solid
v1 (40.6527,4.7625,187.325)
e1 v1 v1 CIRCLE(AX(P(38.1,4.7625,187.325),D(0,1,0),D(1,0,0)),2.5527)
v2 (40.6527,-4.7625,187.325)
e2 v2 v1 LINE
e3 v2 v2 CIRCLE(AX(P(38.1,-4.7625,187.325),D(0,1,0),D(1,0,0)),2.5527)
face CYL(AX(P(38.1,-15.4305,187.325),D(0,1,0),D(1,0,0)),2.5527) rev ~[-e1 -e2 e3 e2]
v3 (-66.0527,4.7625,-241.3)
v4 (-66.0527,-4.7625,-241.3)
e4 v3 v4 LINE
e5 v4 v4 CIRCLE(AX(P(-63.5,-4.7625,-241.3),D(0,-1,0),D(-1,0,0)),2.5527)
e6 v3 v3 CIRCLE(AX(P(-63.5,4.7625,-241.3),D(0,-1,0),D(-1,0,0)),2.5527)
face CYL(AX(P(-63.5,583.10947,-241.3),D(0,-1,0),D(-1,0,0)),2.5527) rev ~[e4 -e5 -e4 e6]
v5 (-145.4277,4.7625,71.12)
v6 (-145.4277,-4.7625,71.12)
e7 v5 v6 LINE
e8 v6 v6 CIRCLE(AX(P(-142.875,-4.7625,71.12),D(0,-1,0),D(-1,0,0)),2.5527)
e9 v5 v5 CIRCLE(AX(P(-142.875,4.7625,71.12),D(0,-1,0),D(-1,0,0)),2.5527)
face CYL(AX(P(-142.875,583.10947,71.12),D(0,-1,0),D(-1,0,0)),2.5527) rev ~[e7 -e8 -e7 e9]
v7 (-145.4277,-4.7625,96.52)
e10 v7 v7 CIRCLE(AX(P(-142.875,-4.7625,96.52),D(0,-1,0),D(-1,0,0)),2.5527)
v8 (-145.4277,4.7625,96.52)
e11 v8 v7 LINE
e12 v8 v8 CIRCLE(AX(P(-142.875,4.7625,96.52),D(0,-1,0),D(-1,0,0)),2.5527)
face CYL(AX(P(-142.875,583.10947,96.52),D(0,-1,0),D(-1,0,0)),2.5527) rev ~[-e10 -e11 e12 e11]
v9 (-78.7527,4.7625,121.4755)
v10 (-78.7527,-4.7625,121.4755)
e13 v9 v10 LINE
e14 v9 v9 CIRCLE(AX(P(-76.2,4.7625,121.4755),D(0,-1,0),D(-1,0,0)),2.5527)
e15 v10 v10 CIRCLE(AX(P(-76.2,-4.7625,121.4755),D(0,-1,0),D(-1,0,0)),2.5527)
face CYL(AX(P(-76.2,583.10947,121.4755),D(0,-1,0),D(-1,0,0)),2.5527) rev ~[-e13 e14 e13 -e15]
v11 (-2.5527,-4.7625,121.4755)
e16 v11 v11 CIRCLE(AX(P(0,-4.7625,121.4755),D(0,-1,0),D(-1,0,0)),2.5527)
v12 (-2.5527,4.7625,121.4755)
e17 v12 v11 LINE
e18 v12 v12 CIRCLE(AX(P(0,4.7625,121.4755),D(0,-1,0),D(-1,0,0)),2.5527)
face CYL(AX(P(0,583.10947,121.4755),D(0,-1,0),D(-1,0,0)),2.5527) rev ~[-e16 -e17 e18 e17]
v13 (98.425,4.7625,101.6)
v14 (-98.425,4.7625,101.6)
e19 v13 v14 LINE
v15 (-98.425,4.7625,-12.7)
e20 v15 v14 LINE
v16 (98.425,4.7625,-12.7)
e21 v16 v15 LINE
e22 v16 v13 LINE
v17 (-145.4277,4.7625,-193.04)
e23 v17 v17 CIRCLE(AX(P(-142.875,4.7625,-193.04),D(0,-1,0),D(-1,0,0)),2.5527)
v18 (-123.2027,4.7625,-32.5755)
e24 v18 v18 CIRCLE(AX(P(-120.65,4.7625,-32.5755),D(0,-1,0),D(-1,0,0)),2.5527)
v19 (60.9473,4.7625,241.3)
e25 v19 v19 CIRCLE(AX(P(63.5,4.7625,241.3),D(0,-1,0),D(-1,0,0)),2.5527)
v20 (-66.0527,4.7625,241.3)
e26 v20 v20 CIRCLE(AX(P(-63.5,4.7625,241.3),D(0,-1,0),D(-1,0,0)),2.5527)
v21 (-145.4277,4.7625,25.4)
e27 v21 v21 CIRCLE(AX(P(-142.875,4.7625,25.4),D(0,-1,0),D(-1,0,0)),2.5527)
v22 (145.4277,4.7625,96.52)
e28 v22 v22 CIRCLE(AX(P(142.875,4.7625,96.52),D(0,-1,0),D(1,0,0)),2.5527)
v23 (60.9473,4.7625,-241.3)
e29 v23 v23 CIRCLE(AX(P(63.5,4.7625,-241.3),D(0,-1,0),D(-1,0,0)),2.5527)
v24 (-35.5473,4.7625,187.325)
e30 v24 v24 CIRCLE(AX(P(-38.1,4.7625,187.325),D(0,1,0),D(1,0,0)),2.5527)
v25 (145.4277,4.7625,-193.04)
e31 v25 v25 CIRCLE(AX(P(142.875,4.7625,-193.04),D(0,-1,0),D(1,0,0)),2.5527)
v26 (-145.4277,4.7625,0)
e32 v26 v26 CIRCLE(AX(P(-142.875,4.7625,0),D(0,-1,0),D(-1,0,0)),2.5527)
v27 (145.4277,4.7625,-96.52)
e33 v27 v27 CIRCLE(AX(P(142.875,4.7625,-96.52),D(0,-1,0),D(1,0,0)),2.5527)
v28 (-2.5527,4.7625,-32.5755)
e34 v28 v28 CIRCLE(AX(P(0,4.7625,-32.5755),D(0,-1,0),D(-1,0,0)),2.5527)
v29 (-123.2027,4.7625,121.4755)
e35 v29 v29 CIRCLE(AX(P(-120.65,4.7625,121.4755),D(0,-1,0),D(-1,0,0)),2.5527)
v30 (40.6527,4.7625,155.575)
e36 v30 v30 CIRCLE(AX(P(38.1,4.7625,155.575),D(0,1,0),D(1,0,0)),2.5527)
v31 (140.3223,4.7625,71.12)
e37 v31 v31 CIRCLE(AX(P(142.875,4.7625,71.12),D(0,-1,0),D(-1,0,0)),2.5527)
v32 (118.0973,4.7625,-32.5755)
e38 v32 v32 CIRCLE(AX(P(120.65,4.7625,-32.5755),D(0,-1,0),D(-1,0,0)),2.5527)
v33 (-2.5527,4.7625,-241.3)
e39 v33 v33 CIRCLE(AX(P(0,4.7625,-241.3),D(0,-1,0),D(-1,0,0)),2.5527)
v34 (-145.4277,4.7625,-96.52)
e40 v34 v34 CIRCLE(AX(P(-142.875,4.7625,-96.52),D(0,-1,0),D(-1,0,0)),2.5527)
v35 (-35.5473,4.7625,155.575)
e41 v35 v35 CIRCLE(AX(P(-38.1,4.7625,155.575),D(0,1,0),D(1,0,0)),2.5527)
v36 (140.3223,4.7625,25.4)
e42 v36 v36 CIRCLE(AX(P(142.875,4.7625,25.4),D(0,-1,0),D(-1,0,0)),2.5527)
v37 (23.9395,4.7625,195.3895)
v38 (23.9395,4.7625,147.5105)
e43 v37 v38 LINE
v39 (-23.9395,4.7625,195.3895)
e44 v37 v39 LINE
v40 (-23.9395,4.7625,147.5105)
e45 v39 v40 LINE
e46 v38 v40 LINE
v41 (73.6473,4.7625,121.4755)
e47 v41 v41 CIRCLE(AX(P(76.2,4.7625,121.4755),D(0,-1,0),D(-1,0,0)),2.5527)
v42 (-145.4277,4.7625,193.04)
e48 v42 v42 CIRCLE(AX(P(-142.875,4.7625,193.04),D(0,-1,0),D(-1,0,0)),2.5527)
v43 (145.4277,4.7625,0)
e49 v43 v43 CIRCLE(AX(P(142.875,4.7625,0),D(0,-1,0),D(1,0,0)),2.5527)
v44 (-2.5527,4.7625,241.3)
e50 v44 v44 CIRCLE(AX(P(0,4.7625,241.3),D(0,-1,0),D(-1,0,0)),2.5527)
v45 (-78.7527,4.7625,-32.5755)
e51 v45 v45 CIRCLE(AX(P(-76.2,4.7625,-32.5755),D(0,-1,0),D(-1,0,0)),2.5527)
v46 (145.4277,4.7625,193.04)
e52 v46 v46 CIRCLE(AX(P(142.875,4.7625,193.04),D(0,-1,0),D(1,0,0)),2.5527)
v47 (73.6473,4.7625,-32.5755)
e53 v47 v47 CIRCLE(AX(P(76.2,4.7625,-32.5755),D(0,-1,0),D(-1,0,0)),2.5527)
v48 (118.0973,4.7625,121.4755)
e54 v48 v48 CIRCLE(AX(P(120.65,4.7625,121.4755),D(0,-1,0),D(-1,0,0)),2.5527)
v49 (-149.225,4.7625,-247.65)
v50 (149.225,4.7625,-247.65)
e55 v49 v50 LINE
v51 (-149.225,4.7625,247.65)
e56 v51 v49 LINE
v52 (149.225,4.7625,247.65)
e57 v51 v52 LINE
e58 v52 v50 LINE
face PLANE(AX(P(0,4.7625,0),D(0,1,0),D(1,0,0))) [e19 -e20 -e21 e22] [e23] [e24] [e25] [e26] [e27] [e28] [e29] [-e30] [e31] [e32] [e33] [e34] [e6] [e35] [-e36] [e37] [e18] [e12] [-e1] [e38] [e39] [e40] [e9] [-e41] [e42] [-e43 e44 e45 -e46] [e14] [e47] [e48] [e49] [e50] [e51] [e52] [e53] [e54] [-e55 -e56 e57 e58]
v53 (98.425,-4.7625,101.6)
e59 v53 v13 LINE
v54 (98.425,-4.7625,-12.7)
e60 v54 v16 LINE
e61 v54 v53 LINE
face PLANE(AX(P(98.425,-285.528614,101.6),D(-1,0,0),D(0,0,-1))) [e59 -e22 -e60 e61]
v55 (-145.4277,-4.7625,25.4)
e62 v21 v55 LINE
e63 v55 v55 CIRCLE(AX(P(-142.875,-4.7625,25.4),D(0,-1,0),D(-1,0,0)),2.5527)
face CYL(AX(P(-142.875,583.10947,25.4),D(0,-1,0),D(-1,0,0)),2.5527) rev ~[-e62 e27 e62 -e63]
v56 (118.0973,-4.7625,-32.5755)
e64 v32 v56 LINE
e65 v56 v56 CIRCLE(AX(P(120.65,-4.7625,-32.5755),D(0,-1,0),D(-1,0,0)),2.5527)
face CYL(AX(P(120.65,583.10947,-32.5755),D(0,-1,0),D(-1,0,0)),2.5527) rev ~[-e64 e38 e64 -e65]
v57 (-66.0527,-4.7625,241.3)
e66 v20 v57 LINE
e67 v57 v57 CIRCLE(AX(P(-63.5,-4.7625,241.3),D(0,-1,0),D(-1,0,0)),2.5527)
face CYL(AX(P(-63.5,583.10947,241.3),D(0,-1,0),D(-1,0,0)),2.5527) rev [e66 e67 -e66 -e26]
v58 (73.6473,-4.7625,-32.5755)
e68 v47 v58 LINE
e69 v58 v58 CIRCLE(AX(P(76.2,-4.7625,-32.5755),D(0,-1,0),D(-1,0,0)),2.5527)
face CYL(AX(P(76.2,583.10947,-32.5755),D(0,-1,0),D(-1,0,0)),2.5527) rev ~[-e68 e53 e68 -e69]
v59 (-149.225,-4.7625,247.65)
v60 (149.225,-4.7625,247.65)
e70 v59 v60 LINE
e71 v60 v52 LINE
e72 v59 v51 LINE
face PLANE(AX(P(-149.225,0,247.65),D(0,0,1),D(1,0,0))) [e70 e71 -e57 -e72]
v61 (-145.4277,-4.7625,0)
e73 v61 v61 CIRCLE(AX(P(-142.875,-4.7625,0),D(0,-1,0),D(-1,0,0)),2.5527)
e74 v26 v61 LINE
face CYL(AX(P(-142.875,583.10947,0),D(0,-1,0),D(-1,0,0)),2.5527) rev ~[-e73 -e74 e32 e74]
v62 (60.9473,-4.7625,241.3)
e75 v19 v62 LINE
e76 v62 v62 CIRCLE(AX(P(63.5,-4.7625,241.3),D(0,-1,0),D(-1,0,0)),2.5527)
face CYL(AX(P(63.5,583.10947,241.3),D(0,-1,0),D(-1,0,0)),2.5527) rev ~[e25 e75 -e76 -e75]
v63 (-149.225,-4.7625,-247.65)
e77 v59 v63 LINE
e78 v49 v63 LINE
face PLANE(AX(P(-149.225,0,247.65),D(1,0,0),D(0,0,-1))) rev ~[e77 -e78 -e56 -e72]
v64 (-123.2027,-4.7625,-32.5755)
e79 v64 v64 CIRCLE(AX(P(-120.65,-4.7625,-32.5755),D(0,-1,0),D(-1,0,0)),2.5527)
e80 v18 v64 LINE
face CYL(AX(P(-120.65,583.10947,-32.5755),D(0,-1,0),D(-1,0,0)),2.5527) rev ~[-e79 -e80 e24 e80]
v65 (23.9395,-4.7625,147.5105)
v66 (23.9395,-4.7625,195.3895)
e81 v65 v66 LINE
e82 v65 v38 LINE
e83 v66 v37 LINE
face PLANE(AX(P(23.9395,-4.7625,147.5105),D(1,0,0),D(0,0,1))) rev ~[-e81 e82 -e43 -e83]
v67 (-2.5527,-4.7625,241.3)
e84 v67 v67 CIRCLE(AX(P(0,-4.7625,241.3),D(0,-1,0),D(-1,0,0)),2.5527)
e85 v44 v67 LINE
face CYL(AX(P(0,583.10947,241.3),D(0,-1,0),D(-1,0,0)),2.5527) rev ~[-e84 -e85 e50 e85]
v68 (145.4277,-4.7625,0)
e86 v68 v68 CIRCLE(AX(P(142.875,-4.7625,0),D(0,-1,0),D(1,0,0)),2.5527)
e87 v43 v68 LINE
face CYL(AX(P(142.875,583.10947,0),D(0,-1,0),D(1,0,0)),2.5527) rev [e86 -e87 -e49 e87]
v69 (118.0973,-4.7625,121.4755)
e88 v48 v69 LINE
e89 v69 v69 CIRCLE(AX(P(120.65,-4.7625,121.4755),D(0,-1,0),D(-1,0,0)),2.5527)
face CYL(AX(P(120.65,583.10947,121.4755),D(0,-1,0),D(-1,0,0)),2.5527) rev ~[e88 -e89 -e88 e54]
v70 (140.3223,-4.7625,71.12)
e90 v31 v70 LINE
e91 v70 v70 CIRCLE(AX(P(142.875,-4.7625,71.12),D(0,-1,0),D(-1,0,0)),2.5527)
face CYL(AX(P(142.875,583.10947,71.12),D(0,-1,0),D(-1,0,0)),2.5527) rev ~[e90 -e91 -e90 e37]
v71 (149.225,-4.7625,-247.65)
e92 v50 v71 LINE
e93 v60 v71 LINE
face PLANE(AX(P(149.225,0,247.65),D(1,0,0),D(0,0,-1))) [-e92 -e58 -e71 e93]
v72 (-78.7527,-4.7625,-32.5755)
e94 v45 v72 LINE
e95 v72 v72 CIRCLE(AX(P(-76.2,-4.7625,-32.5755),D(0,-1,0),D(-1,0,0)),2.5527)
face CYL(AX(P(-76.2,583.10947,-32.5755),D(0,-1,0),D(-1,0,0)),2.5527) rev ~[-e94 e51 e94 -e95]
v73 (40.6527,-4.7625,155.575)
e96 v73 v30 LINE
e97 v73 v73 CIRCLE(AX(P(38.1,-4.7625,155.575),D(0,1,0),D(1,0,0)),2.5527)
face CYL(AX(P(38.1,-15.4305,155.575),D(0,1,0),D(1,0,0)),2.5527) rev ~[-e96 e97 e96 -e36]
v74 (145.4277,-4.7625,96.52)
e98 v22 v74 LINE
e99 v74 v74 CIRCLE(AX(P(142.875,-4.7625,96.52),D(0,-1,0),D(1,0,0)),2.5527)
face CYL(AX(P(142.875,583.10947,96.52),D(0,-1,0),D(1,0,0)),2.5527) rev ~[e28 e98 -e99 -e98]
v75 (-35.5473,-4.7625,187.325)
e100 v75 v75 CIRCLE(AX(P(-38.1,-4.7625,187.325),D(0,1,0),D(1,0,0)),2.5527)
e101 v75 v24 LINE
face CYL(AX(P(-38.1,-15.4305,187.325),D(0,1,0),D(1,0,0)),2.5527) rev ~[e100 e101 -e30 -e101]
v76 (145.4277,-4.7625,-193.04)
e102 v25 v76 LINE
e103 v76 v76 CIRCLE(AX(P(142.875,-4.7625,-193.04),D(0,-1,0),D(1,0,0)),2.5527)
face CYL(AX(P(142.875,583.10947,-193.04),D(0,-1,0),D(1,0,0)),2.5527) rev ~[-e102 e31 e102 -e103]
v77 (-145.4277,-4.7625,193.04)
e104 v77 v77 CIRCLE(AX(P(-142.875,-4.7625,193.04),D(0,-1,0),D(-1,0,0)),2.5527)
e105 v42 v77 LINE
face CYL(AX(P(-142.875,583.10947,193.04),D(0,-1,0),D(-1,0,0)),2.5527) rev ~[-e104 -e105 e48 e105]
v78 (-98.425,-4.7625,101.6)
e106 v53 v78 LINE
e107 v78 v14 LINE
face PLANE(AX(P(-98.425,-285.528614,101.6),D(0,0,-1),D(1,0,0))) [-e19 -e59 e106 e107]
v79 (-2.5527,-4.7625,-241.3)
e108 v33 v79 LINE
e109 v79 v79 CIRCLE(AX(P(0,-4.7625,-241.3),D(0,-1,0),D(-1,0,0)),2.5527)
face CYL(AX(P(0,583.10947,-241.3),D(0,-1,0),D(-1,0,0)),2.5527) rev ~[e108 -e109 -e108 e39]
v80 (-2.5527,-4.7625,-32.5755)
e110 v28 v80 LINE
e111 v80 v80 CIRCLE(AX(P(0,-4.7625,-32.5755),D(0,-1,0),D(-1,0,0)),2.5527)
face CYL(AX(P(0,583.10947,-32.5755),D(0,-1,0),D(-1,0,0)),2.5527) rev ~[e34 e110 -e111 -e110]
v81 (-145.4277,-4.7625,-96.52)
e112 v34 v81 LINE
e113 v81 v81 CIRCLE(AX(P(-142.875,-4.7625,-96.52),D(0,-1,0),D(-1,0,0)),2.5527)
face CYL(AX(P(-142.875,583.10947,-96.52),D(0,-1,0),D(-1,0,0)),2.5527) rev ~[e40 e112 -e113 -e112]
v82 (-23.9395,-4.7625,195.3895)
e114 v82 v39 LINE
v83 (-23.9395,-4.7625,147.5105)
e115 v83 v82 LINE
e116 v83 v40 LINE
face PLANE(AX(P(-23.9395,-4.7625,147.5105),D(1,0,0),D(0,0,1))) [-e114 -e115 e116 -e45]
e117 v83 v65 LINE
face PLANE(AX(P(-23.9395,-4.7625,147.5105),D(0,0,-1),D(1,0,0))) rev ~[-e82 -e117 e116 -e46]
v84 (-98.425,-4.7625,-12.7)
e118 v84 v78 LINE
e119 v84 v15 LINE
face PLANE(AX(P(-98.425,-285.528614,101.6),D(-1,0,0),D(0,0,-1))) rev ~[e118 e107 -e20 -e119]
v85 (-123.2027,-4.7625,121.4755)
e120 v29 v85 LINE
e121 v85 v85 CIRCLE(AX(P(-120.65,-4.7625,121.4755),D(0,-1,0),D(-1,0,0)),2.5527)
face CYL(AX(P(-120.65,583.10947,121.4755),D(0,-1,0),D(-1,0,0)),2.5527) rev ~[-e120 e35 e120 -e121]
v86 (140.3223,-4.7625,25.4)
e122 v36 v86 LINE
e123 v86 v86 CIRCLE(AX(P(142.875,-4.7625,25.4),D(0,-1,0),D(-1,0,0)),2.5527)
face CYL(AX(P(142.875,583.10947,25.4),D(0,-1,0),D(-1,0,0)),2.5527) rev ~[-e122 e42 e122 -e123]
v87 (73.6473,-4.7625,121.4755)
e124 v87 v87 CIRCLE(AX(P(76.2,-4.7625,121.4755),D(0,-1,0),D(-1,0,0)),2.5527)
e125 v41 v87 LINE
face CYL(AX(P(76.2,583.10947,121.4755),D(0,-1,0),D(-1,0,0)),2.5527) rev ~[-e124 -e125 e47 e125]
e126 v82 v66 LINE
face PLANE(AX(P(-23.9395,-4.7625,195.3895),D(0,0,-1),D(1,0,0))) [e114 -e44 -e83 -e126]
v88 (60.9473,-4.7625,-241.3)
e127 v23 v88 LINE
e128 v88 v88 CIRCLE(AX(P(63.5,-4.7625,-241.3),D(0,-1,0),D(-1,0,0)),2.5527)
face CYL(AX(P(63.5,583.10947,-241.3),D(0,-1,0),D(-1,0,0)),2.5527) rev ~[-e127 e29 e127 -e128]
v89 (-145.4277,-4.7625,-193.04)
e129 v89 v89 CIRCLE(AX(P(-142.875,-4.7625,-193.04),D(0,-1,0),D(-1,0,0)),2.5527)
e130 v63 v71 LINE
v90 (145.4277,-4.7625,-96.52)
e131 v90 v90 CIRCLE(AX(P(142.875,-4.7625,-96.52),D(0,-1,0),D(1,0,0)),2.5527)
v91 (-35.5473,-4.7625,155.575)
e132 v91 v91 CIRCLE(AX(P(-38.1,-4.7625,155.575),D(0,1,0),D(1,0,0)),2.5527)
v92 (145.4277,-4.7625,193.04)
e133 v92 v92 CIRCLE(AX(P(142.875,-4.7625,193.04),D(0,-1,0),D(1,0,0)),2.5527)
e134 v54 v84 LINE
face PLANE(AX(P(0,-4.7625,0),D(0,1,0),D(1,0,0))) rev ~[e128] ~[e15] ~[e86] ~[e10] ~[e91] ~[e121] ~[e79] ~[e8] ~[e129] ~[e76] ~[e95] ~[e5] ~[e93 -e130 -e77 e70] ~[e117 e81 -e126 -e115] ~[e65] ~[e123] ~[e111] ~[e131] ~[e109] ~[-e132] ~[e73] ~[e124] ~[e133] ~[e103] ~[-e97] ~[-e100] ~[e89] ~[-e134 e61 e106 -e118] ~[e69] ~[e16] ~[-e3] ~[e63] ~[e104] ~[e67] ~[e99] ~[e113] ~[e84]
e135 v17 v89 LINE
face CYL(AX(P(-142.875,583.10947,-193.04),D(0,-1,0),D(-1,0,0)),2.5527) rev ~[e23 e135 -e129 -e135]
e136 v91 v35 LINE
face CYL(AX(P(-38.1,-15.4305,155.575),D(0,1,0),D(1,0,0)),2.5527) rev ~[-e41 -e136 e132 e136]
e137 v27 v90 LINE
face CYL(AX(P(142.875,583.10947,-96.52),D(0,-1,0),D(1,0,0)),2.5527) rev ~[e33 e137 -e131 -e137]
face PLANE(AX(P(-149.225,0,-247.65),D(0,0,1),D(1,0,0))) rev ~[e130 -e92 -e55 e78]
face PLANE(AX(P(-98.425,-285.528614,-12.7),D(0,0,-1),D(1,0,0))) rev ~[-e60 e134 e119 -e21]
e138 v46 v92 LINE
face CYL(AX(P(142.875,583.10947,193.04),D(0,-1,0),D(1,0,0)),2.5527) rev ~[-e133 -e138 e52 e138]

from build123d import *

# Parameters (mm, degrees)
SKETCH1_W                  = 298.45
SKETCH1_H                  = 495.3
BOSS_EXTRUDE1_DEPTH        = 4.7625
CUT_EXTRUDE1_DEPTH         = 290.291114191
CUT_EXTRUDE1_DEPTH_BACK    = 290.291114191
SKETCH3_W                  = 196.85
SKETCH3_H                  = 114.3
SKETCH20_W                 = 47.879
SKETCH20_H                 = 47.879
CUT_EXTRUDE5_DEPTH         = 290.291114191
F_10_CLEARANCE_HOLE1_D     = 5.1054
F_10_CLEARANCE_HOLE1_DEPTH = 10.668
F_10_CLEARANCE_HOLE1_TIP   = 1.533816902
F_10_CLEARANCE_HOLE4_D     = 5.1054
LPATTERN3_COUNT            = 3
LPATTERN3_PITCH            = 63.5
MIRROR2_COPY_1_D           = 5.1054
MIRROR2_COPY_2_D           = 5.1054
F_10_CLEARANCE_HOLE5_D     = 5.1054
LPATTERN4_COUNT            = 3
LPATTERN4_PITCH            = 96.52
LPATTERN4_COL_COUNT        = 3
LPATTERN4_COL_PITCH        = 96.52
MIRROR3_COPY_1_D           = 5.1054
MIRROR3_COPY_2_D           = 5.1054
MIRROR3_COPY_3_D           = 5.1054
MIRROR3_COPY_4_D           = 5.1054
F_10_CLEARANCE_HOLE6_D     = 5.1054
F_10_CLEARANCE_HOLE7_D     = 5.1054
F_10_CLEARANCE_HOLE8_D     = 5.1054


with BuildPart() as part:
    # Sketch1 → Boss-Extrude1 (new, symmetric)
    with BuildSketch(Plane(origin=(0, 0, 0), x_dir=(1, 0, 0), z_dir=(0, 1, 0))):
        Rectangle(SKETCH1_W, SKETCH1_H)
    extrude(amount=BOSS_EXTRUDE1_DEPTH, both=True)

    # Sketch3 → Cut-Extrude1 (cut, two sides: drawn at the far end of the back side and taken through both)
    with BuildSketch(Plane(origin=(0, 4.7625, 0), x_dir=(1, 0, 0), z_dir=(0, 1, 0)).offset(-CUT_EXTRUDE1_DEPTH_BACK)):
        with Locations((0, -44.45)):
            Rectangle(SKETCH3_W, SKETCH3_H)
    extrude(amount=CUT_EXTRUDE1_DEPTH + CUT_EXTRUDE1_DEPTH_BACK, mode=Mode.SUBTRACT)

    # Sketch20 → Cut-Extrude5 (cut, through all)
    with BuildSketch(Plane.XZ.offset(4.7625)):
        with Locations((0, 171.45)):
            Rectangle(SKETCH20_W, SKETCH20_H)
    extrude(amount=-CUT_EXTRUDE5_DEPTH, mode=Mode.SUBTRACT)

    # #10 Clearance Hole1
    with Locations(Plane(origin=(0, -4.7625, 0), x_dir=(-1, 0, 0), z_dir=(0, -1, 0))):
        with Locations((-38.1, -155.575), (38.1, -155.575), (38.1, -187.325), (-38.1, -187.325)):
            Hole(F_10_CLEARANCE_HOLE1_D / 2, depth=F_10_CLEARANCE_HOLE1_DEPTH)
            with Locations((0, 0, -(F_10_CLEARANCE_HOLE1_DEPTH + F_10_CLEARANCE_HOLE1_TIP / 2))):  # 118° drill point
                Cone(0, F_10_CLEARANCE_HOLE1_D / 2, F_10_CLEARANCE_HOLE1_TIP, mode=Mode.SUBTRACT)

    # #10 Clearance Hole4 (through all)
    with Locations(Plane(origin=(0, 4.7625, 0), x_dir=(1, 0, 0), z_dir=(0, 1, 0))):
        with Locations((-63.5, 241.3)):
            f_10_clearance_hole4 = Hole(F_10_CLEARANCE_HOLE4_D / 2)

    # LPattern3: #10 Clearance Hole4 ×3
    with Locations(*[(i * LPATTERN3_PITCH, 0, 0) for i in range(1, LPATTERN3_COUNT)]):
        add(f_10_clearance_hole4, mode=Mode.SUBTRACT)

    # Mirror2: #10 Clearance Hole4 across plane
    add(f_10_clearance_hole4.mirror(Plane.XY), mode=Mode.SUBTRACT)

    # Mirror2 copy 1 (through all)
    with Locations(Plane(origin=(63.5, 4.7625, 0), x_dir=(1, 0, 0), z_dir=(0, 1, 0))):
        with Locations((-63.5, -241.3)):
            Hole(MIRROR2_COPY_1_D / 2)

    # Mirror2 copy 2 (through all)
    with Locations(Plane(origin=(127, 4.7625, 0), x_dir=(1, 0, 0), z_dir=(0, 1, 0))):
        with Locations((-63.5, -241.3)):
            Hole(MIRROR2_COPY_2_D / 2)

    # #10 Clearance Hole5 (through all)
    with Locations(Plane(origin=(0, 4.7625, 0), x_dir=(1, 0, 0), z_dir=(0, 1, 0))):
        with Locations((-142.875, 0)):
            f_10_clearance_hole5 = Hole(F_10_CLEARANCE_HOLE5_D / 2)

    # LPattern4: #10 Clearance Hole5 ×3
    with Locations(*[(0, 0, -i * LPATTERN4_PITCH) for i in range(1, LPATTERN4_COUNT)]):
        add(f_10_clearance_hole5, mode=Mode.SUBTRACT)

    # LPattern4 col: #10 Clearance Hole5 ×3
    with Locations(*[(0, 0, i * LPATTERN4_COL_PITCH) for i in range(1, LPATTERN4_COL_COUNT)]):
        add(f_10_clearance_hole5, mode=Mode.SUBTRACT)

    # Mirror3: #10 Clearance Hole5 across plane
    add(f_10_clearance_hole5.mirror(Plane(origin=(0, 0, 0), x_dir=(0, 0, 1), z_dir=(1, 0, 0))), mode=Mode.SUBTRACT)

    # Mirror3 copy 1 (through all)
    with Locations(Plane(origin=(0, 4.7625, -96.52), x_dir=(-1, 0, 0), z_dir=(0, 1, 0))):
        with Locations((-142.875, 0)):
            Hole(MIRROR3_COPY_1_D / 2)

    # Mirror3 copy 2 (through all)
    with Locations(Plane(origin=(0, 4.7625, -193.04), x_dir=(-1, 0, 0), z_dir=(0, 1, 0))):
        with Locations((-142.875, 0)):
            Hole(MIRROR3_COPY_2_D / 2)

    # Mirror3 copy 3 (through all)
    with Locations(Plane(origin=(0, 4.7625, 96.52), x_dir=(-1, 0, 0), z_dir=(0, 1, 0))):
        with Locations((-142.875, 0)):
            Hole(MIRROR3_COPY_3_D / 2)

    # Mirror3 copy 4 (through all)
    with Locations(Plane(origin=(0, 4.7625, 193.04), x_dir=(-1, 0, 0), z_dir=(0, 1, 0))):
        with Locations((-142.875, 0)):
            Hole(MIRROR3_COPY_4_D / 2)

    # #10 Clearance Hole6 (through all)
    with Locations(Plane(origin=(0, 4.7625, 0), x_dir=(1, 0, 0), z_dir=(0, 1, 0))):
        with Locations((120.65, 32.5755), (120.65, -121.4755), (-120.65, -121.4755), (-120.65, 32.5755)):
            Hole(F_10_CLEARANCE_HOLE6_D / 2)

    # #10 Clearance Hole7 (through all)
    with Locations(Plane(origin=(0, 4.7625, 0), x_dir=(1, 0, 0), z_dir=(0, 1, 0))):
        with Locations((76.2, 32.5755), (0, 32.5755), (-76.2, 32.5755), (76.2, -121.4755), (0, -121.4755), (-76.2, -121.4755)):
            Hole(F_10_CLEARANCE_HOLE7_D / 2)

    # #10 Clearance Hole8 (through all)
    with Locations(Plane(origin=(0, 4.7625, 0), x_dir=(1, 0, 0), z_dir=(0, 1, 0))):
        with Locations((-142.875, -71.12), (142.875, -25.4), (-142.875, -25.4), (142.875, -71.12)):
            Hole(F_10_CLEARANCE_HOLE8_D / 2)


solid = part.part
